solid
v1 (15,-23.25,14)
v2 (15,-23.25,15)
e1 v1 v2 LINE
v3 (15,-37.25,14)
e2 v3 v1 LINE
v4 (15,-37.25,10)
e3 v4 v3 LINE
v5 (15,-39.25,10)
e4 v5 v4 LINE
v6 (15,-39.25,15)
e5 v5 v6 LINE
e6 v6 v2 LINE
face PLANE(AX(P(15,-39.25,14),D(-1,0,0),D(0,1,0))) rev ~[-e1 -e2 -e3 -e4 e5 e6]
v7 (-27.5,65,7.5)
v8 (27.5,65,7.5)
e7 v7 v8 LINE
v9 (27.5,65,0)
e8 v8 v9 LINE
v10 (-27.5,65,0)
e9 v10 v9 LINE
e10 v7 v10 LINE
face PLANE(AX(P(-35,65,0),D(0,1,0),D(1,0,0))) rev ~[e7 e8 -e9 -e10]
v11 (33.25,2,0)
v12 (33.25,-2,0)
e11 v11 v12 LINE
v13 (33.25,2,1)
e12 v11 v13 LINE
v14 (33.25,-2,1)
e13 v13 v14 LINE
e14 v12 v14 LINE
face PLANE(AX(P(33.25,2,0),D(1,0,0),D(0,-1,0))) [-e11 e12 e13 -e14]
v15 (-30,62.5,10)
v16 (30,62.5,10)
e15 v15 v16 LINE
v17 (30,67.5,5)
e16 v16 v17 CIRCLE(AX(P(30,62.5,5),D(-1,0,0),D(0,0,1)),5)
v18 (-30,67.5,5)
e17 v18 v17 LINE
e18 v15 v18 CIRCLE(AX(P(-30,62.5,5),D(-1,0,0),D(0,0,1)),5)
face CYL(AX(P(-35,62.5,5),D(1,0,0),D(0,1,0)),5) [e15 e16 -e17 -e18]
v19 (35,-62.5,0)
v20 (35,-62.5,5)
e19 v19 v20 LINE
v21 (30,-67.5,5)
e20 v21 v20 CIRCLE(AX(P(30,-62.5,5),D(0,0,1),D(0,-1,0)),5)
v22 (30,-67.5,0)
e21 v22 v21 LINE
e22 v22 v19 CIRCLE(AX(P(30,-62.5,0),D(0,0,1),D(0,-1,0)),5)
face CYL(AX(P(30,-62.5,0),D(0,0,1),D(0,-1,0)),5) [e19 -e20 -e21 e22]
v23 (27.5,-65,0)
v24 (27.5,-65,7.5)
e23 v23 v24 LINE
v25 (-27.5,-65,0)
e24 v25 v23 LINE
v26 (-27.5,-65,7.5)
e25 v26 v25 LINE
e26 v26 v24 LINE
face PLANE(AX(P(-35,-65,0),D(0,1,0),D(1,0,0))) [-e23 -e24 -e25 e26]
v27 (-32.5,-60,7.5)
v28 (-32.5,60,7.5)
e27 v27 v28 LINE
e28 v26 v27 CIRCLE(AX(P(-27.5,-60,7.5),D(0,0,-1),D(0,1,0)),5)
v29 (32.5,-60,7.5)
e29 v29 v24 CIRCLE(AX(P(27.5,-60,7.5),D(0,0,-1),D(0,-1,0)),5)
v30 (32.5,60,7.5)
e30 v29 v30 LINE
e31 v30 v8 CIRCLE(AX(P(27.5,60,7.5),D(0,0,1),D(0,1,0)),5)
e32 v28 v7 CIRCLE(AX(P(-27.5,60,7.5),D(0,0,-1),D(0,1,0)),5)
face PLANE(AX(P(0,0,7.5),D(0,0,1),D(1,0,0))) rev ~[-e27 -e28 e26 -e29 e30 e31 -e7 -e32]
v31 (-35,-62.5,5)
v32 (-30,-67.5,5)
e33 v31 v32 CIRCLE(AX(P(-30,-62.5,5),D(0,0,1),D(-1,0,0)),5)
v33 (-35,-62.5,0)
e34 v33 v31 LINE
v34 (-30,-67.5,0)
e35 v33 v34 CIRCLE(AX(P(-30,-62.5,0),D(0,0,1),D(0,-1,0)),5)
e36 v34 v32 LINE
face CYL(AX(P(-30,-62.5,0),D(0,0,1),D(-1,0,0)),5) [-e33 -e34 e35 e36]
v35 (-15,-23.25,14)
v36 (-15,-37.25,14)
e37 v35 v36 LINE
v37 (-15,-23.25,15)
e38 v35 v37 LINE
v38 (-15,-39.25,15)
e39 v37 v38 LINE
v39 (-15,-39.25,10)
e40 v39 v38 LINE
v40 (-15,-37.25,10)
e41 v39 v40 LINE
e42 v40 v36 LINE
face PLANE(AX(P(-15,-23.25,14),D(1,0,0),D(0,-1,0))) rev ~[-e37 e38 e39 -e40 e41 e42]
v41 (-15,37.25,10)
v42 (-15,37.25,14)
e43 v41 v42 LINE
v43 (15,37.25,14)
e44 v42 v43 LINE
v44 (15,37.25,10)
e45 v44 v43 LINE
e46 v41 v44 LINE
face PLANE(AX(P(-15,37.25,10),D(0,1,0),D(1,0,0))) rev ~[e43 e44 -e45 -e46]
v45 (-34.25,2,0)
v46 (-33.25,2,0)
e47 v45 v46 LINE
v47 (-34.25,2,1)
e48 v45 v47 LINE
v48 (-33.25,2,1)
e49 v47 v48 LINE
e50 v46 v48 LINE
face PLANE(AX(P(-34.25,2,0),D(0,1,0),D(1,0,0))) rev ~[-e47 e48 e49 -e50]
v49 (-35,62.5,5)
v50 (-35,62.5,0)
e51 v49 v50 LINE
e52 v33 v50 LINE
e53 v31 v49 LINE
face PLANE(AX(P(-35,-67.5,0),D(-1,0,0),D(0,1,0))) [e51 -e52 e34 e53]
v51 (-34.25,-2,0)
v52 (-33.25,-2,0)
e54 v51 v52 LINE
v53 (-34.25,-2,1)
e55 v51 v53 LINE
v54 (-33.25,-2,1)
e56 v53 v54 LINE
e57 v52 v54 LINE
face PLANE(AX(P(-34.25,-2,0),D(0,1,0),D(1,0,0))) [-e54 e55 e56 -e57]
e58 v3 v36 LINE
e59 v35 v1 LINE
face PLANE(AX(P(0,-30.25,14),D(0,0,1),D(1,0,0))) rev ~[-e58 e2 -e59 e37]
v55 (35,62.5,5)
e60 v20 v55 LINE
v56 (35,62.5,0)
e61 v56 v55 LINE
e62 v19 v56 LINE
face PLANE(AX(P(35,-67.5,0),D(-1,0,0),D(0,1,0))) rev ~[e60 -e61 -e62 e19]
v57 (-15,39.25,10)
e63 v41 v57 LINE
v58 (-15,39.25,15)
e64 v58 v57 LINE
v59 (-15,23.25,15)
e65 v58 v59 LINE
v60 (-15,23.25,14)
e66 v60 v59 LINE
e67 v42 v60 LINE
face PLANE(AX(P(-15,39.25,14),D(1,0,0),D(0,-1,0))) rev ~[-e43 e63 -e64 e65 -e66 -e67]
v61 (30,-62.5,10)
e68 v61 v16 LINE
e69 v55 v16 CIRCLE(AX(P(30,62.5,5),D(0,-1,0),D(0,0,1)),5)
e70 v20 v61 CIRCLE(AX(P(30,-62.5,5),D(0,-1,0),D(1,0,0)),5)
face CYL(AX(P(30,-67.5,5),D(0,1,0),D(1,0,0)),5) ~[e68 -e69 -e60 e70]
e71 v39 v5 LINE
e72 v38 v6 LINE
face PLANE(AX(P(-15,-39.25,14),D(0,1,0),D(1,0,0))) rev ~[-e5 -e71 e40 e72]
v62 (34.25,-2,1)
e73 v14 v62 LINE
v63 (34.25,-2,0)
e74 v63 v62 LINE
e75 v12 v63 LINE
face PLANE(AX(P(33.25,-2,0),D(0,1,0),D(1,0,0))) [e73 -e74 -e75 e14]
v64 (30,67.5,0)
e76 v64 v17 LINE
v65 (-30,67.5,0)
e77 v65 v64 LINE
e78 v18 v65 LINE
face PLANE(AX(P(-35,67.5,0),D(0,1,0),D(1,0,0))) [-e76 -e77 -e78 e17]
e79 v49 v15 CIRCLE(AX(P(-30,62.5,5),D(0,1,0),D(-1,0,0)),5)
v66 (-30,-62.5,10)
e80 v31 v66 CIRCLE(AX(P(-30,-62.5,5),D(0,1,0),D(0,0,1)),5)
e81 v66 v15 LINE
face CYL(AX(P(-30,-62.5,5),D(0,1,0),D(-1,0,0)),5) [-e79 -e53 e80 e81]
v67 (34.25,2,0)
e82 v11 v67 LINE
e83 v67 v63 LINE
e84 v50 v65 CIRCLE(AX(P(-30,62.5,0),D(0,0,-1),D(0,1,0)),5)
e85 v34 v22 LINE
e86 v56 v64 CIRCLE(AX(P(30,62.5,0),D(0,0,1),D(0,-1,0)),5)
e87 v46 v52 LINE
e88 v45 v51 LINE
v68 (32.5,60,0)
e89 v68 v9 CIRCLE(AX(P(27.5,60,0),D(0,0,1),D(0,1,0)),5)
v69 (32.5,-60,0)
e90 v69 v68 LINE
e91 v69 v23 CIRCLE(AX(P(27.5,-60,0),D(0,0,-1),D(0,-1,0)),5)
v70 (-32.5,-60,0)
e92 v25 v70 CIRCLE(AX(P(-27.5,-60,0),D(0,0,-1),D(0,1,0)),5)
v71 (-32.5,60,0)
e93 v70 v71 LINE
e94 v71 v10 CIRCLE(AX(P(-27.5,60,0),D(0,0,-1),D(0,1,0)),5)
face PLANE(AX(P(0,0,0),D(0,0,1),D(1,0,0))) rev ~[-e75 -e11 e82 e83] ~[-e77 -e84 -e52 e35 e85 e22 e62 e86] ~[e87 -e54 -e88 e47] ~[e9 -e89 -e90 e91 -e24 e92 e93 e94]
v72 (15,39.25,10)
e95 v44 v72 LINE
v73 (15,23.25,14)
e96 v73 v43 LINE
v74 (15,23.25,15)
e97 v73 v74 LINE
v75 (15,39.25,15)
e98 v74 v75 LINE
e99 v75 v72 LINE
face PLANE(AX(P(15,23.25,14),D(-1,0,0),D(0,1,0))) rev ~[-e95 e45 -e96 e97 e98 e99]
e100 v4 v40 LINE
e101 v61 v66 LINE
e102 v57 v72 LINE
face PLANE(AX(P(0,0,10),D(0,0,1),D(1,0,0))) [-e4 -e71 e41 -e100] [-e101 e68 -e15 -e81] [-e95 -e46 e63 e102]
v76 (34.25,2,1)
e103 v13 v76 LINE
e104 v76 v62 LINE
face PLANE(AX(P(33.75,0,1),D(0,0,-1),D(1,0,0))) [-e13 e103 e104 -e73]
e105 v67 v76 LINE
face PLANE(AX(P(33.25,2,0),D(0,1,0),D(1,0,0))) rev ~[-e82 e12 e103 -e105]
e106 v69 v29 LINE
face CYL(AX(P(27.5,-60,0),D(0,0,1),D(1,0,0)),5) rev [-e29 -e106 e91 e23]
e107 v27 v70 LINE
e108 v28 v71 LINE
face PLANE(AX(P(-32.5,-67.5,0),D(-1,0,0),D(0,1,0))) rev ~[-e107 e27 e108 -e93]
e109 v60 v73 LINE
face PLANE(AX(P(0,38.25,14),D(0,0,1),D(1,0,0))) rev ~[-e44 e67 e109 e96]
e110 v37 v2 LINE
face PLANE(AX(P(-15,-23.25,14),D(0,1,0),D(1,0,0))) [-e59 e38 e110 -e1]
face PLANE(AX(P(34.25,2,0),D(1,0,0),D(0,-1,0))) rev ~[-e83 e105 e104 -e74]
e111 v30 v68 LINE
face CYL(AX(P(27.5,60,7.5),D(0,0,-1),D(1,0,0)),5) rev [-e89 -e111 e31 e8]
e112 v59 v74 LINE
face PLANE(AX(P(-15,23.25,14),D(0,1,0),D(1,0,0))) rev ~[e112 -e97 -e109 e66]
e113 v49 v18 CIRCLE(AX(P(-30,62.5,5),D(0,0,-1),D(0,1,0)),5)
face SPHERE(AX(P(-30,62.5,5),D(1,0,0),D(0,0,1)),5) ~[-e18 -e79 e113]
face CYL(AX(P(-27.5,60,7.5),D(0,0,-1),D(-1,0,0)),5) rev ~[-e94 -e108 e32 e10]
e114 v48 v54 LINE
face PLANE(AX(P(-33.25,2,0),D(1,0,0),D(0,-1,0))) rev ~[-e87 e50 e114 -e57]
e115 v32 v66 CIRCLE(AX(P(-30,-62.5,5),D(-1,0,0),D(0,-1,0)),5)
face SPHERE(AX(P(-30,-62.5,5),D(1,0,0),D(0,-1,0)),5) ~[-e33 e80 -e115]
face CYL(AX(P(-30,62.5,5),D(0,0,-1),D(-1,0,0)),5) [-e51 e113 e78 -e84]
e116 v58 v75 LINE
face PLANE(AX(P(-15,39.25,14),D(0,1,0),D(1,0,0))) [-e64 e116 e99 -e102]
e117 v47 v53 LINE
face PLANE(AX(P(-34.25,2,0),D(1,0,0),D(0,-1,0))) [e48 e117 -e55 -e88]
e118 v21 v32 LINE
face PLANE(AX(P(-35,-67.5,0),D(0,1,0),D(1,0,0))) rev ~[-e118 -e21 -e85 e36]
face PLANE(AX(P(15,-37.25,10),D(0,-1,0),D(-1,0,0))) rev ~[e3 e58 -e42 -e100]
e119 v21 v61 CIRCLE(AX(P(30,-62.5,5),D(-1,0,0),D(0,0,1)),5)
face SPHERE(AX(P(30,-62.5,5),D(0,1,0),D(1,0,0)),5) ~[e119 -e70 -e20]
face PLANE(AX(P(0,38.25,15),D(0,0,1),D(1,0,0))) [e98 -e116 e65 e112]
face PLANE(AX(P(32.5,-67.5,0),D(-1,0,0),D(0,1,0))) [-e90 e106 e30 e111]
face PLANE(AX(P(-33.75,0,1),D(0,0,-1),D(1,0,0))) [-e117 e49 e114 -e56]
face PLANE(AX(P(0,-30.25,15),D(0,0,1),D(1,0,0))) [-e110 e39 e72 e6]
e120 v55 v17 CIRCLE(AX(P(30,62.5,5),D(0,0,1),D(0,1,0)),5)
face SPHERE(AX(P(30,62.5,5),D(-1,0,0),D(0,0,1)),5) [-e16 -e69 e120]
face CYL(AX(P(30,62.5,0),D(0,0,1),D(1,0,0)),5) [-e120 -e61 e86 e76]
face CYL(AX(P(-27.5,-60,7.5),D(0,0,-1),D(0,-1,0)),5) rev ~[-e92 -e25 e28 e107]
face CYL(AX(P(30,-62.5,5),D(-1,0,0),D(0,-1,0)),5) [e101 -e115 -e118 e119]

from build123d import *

# Parameters (mm, degrees)
F0_W      = 70
F0_H      = 135
F1_DEPTH  = 10
F2_T      = -2.5
F3_R      = 5
F4_R      = 5
F5_R      = 5
F6_R      = 5
F7_W      = 1
F7_H      = 4
F8_DEPTH  = 1
F9_W      = 30
F9_H      = 2
F9_W_2    = 15
F10_DEPTH = 4
F12_W     = 30
F12_H     = 14
F12_H_2   = 2
F13_DEPTH = 1
F11_W     = 30
F11_H     = 2
F11_H_2   = 14
F14_DEPTH = 1


with BuildPart() as f1:
    # F0 (on Top) → F1 (new body)
    with BuildSketch(Plane.XY):
        Rectangle(F0_W, F0_H)
    extrude(amount=F1_DEPTH)

    # F2
    f2_openings = [f1.faces().sort_by_distance(p)[0] for p in [
        (0, 0, 0),
    ]]
    offset(amount=F2_T, openings=f2_openings)

    # F3
    f3_edges = [f1.edges().sort_by_distance(p)[0] for p in [
        (0, 67.5, 10),
        (35, 0, 10),
        (35, 67.5, 5),
    ]]
    fillet(f3_edges, radius=F3_R)

    # F4
    f4_edges = [f1.edges().sort_by_distance(p)[0] for p in [
        (33.535534, -67.5, 8.535534),
        (-2.5, -67.5, 10),
    ]]
    fillet(f4_edges, radius=F4_R)

    # F5
    f5_edges = [f1.edges().sort_by_distance(p)[0] for p in [
        (-35, 0, 10),
        (-35, -66.035534, 8.535534),
    ]]
    fillet(f5_edges, radius=F5_R)

    # F6
    f6_edges = [f1.edges().sort_by_distance(p)[0] for p in [
        (32.5, 65, 3.75),
        (-32.5, 65, 3.75),
        (32.5, -65, 3.75),
        (-32.5, -65, 3.75),
    ]]
    fillet(f6_edges, radius=F6_R)

    # F7 (on face) → F8 (cut)
    with BuildSketch(Plane(origin=(0, 0, 0), x_dir=(1, 0, 0), z_dir=(0, 0, -1))):
        with Locations((-33.75, 0)):
            Rectangle(F7_W, F7_H)
        with Locations((33.75, 0)):
            Rectangle(F7_W, F7_H)
    extrude(amount=-F8_DEPTH, mode=Mode.SUBTRACT)

    # F9 (on face) → F10 (join)
    with BuildSketch(Plane.XY.offset(10)):
        with Locations((0, 38.25)):
            Rectangle(F9_W, F9_H)
        with Locations((-7.5, -38.25)):
            Rectangle(F9_W_2, F9_H)
        with Locations((7.5, -38.25)):
            Rectangle(F9_W_2, F9_H)
    extrude(amount=F10_DEPTH)

    # F12 (on face) → F13 (join)
    with BuildSketch(Plane.XY.offset(14)):
        with Locations((0, -30.25)):
            Rectangle(F12_W, F12_H)
        with Locations((0, -38.25)):
            Rectangle(F12_W, F12_H_2)
    extrude(amount=F13_DEPTH)

    # F11 (on face) → F14 (join)
    with BuildSketch(Plane.XY.offset(14)):
        with Locations((0, 38.25)):
            Rectangle(F11_W, F11_H)
        with Locations((0, 30.25)):
            Rectangle(F11_W, F11_H_2)
    extrude(amount=F14_DEPTH)


solid = f1.part
